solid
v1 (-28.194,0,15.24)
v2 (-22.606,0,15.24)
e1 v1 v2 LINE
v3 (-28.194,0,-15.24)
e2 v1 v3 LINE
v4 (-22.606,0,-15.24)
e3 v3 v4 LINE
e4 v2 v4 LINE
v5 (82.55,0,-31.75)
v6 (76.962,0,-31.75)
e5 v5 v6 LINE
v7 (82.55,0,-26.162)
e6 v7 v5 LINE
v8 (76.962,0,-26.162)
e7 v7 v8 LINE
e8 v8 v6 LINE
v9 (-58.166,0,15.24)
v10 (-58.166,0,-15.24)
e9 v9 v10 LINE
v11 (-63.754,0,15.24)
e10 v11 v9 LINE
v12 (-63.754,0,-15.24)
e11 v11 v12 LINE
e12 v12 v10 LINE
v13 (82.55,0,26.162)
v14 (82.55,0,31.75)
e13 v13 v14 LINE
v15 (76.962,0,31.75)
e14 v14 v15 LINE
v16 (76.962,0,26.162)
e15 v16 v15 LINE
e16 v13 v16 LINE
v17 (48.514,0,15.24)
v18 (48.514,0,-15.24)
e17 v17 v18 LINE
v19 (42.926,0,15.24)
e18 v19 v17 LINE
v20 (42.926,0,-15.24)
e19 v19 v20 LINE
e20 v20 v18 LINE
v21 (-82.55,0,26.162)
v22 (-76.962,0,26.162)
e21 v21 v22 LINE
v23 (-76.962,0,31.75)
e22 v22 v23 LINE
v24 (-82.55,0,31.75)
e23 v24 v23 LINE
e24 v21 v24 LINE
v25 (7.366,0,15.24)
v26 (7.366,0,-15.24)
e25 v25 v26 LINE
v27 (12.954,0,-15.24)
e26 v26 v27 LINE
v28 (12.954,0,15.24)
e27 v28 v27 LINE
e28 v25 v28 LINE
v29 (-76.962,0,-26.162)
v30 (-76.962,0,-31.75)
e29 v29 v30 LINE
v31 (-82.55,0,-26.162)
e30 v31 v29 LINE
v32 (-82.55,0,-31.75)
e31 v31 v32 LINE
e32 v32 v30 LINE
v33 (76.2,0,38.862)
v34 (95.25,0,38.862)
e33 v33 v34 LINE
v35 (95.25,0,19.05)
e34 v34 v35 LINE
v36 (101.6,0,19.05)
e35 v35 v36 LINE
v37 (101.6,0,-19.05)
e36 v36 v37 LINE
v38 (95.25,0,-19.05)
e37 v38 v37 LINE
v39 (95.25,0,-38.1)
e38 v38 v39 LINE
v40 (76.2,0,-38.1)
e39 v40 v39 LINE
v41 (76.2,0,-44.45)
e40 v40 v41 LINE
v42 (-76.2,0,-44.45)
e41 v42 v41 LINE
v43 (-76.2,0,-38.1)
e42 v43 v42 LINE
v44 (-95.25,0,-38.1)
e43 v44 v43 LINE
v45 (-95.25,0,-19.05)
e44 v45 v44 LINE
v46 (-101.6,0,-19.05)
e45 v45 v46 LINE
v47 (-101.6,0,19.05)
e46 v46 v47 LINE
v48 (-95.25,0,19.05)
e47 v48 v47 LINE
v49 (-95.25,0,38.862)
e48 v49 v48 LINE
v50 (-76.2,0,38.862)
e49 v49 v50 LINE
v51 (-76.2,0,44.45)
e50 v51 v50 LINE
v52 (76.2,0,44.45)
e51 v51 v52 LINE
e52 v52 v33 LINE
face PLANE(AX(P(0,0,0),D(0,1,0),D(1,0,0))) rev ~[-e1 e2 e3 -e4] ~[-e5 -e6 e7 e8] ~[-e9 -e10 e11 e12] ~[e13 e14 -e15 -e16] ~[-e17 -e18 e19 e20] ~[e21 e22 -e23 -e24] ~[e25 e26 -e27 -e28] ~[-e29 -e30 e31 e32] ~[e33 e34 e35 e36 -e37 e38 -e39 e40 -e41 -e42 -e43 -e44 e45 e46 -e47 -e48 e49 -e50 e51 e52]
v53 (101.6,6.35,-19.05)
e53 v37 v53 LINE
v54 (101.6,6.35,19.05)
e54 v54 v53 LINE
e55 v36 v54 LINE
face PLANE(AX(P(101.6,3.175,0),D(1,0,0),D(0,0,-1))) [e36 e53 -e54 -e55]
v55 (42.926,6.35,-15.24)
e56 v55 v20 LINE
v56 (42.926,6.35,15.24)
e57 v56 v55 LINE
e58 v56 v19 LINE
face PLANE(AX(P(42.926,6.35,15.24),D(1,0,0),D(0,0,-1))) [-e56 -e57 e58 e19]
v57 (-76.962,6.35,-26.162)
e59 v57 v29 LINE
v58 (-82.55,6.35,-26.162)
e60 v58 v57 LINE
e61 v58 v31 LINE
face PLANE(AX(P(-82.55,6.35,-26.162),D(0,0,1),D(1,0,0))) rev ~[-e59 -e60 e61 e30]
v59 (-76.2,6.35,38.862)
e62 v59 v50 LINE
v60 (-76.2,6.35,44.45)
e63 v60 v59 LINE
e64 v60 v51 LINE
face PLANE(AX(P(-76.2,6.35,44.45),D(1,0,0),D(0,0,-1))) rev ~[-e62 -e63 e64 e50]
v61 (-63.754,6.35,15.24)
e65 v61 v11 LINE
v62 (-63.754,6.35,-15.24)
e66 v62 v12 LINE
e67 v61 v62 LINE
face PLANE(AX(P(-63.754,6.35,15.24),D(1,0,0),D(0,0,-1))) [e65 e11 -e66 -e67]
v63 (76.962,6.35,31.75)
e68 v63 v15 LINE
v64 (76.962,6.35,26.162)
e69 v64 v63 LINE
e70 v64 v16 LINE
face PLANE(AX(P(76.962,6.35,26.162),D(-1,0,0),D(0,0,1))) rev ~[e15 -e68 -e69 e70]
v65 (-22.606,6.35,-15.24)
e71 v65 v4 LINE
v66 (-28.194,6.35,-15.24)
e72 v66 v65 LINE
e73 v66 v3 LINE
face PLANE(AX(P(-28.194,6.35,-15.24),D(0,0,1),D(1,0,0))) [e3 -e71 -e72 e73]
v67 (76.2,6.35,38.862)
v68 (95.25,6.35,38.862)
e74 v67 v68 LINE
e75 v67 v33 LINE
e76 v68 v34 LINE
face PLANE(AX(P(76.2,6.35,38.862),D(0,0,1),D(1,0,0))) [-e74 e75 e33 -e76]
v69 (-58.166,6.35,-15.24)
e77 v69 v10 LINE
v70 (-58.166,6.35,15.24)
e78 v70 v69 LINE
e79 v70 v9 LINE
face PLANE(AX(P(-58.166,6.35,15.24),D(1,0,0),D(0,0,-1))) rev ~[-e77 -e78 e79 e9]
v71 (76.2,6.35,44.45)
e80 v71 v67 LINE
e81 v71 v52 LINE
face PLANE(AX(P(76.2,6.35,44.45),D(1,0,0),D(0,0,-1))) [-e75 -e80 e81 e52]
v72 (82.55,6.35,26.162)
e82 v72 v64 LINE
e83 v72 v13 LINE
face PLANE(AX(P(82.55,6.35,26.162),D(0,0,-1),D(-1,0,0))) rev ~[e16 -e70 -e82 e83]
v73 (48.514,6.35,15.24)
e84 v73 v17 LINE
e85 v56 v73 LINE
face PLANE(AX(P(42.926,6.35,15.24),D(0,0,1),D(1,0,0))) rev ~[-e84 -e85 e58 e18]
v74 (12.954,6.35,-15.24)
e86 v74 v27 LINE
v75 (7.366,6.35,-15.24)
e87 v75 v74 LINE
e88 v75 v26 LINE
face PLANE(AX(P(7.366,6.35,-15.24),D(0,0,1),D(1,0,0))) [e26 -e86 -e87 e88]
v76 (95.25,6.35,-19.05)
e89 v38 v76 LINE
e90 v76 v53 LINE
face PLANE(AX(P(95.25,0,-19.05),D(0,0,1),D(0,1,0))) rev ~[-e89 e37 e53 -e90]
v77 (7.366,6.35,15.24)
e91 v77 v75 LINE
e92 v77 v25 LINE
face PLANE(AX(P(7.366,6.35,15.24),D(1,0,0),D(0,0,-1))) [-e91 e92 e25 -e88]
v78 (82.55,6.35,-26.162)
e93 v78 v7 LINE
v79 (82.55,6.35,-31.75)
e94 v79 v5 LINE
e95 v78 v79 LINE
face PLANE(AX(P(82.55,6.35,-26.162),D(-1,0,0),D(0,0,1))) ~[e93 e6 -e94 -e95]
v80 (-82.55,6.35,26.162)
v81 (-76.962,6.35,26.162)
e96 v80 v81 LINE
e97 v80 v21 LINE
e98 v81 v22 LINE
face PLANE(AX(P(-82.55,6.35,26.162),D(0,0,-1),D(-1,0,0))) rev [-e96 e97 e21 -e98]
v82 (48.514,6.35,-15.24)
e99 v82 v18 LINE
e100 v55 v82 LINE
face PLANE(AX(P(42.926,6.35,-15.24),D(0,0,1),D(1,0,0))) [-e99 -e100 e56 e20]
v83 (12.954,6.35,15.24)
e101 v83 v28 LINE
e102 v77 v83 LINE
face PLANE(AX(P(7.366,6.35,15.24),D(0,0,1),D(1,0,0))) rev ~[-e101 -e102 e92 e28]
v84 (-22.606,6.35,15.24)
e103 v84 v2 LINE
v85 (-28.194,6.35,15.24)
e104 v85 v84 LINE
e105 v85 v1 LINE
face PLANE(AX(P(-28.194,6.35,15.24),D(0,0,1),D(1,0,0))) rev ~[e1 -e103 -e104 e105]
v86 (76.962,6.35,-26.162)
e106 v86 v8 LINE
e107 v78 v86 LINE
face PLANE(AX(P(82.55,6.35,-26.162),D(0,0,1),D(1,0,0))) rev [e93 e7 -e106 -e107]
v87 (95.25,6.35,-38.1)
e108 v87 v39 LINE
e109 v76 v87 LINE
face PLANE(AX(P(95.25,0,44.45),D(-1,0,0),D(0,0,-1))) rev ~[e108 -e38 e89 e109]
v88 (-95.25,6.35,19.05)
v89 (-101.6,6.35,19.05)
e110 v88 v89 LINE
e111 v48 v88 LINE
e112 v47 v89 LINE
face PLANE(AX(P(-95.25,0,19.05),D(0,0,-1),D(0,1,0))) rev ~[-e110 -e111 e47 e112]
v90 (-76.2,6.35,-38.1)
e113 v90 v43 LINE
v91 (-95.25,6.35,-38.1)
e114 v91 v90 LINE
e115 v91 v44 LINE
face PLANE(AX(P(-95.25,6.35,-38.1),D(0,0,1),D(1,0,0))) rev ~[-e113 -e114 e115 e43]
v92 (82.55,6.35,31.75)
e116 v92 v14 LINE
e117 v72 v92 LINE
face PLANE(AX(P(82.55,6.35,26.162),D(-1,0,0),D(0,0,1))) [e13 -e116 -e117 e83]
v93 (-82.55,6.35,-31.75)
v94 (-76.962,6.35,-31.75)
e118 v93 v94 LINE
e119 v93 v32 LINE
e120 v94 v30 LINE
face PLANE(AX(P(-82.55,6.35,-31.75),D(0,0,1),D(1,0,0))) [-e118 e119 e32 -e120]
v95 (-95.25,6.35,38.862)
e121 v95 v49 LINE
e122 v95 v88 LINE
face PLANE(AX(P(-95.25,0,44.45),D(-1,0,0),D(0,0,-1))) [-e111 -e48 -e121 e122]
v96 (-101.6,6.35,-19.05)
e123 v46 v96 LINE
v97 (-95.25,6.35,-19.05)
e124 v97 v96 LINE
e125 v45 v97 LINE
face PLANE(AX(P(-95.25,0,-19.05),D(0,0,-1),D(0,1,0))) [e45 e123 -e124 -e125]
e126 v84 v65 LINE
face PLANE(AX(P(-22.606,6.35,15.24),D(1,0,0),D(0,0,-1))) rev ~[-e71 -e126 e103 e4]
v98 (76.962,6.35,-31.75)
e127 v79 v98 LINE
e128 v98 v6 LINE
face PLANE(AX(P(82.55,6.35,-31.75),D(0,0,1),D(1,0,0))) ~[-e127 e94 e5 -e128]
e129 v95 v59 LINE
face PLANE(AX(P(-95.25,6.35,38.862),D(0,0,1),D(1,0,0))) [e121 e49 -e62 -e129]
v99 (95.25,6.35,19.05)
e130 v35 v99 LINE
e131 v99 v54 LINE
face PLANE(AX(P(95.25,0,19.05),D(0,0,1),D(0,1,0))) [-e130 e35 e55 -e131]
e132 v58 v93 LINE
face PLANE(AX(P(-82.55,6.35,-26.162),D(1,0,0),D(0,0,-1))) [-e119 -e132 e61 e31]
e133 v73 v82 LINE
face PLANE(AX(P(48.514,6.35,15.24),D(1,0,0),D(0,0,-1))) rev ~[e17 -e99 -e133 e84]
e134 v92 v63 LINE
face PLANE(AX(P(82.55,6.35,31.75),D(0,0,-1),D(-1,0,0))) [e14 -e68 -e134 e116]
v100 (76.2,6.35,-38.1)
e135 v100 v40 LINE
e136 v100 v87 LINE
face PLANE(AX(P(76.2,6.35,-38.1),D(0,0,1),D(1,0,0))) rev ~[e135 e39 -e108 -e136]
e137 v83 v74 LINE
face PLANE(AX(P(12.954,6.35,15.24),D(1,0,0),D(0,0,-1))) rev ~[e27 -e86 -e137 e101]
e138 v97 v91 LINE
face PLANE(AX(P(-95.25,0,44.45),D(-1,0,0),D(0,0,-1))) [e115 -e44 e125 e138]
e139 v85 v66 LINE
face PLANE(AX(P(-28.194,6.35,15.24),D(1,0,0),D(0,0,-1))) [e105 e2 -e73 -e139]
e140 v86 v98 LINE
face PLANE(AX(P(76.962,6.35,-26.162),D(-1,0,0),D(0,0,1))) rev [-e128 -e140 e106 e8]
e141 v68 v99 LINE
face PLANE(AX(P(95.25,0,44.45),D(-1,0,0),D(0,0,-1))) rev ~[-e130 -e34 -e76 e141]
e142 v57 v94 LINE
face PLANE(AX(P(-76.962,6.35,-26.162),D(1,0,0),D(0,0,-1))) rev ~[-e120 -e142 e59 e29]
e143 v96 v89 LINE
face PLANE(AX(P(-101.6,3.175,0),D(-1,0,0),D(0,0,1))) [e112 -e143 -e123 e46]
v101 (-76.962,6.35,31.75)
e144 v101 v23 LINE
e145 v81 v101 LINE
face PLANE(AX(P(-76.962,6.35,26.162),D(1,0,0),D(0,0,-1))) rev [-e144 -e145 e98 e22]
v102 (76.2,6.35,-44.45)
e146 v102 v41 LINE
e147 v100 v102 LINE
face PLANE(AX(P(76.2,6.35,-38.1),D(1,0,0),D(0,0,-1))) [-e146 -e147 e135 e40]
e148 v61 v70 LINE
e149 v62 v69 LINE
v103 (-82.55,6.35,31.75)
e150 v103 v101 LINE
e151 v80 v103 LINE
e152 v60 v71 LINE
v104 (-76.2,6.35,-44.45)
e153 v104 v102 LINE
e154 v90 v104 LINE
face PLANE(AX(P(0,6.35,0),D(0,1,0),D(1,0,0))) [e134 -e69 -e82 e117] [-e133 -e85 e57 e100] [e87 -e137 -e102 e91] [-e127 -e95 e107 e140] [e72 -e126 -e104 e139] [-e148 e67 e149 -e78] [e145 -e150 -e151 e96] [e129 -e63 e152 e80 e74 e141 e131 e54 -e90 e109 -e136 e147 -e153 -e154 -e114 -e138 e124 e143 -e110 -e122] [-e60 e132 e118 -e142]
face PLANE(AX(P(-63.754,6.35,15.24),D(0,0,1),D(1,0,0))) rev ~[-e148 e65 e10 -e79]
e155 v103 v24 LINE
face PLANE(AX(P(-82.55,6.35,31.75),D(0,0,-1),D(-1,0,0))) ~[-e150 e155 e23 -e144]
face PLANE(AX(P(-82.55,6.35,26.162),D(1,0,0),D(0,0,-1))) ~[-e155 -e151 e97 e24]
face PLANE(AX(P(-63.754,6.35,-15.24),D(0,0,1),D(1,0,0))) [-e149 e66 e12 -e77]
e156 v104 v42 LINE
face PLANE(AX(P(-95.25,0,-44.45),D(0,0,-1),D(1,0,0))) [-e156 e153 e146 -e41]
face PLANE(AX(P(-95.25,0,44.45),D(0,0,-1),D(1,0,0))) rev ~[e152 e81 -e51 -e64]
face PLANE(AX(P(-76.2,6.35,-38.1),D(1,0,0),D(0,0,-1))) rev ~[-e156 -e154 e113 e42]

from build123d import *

# Parameters (mm, degrees)
SKETCH1_W               = 190.5
SKETCH1_H               = 88.9
BOSS_EXTRUDE1_DEPTH     = 6.35
SKETCH2_W               = 5.588
SKETCH2_H               = 30.48
HOLE_DEPTH              = 6.35
SKETCH3_W               = 38.1
SKETCH3_H               = 6.35
TAB1_DEPTH              = 6.35
SKETCH4_W               = 38.1
SKETCH4_H               = 6.35
TAB2_DEPTH              = 6.35
SKETCH5_W               = 5.588
SKETCH5_H               = 5.588
DOWEL1_DEPTH            = 6.35
MIRROR2_COPY_1_SKETCH_W = 5.588
MIRROR2_COPY_1_SKETCH_H = 5.588
MIRROR2_COPY_1_DEPTH    = 6.35
SKETCH6_W               = 19.05
SKETCH6_H               = 5.588
SKETCH6_H_2             = 6.35
CUT_EXTRUDE1_DEPTH      = 7.35


with BuildPart() as part:
    # Sketch1 → Boss-Extrude1 (new body)
    with BuildSketch(Plane(origin=(0, 0, 0), x_dir=(1, 0, 0), z_dir=(0, 1, 0))):
        Rectangle(SKETCH1_W, SKETCH1_H)
    extrude(amount=BOSS_EXTRUDE1_DEPTH)

    # Sketch2 → hole (cut)
    with BuildSketch(Plane(origin=(0, 6.35, 0), x_dir=(1, 0, 0), z_dir=(0, 1, 0))):
        with Locations((-60.96, 0)):
            Rectangle(SKETCH2_W, SKETCH2_H)
        with Locations((-25.4, 0)):
            Rectangle(SKETCH2_W, SKETCH2_H)
        with Locations((10.16, 0)):
            Rectangle(SKETCH2_W, SKETCH2_H)
        with Locations((45.72, 0)):
            Rectangle(SKETCH2_W, SKETCH2_H)
    extrude(amount=-HOLE_DEPTH, mode=Mode.SUBTRACT)

    # Sketch3 → tab1 (add)
    with BuildSketch(Plane.ZY.offset(95.25)):
        with Locations((0, 3.175)):
            Rectangle(SKETCH3_W, SKETCH3_H)
    extrude(amount=TAB1_DEPTH)

    # Sketch4 → tab2 (add)
    with BuildSketch(Plane(origin=(95.25, 0, 0), x_dir=(0, 0, -1), z_dir=(1, 0, 0))):
        with Locations((0, 3.175)):
            Rectangle(SKETCH4_W, SKETCH4_H)
    extrude(amount=TAB2_DEPTH)

    # Sketch5 → dowel1 (cut)
    with BuildSketch(Plane(origin=(0, 6.35, 0), x_dir=(1, 0, 0), z_dir=(0, 1, 0))):
        with Locations((-79.756, 28.956)):
            Rectangle(SKETCH5_W, SKETCH5_H)
    dowel1 = extrude(amount=-DOWEL1_DEPTH, mode=Mode.SUBTRACT)

    # Mirror1: dowel1 across plane
    add(dowel1.mirror(Plane(origin=(0, 0, 0), x_dir=(0, 0, 1), z_dir=(1, 0, 0))), mode=Mode.SUBTRACT)

    # Mirror2: dowel1 across plane
    add(dowel1.mirror(Plane.XY), mode=Mode.SUBTRACT)

    # Mirror2 copy 1 sketch → Mirror2 copy 1 (cut)
    with BuildSketch(Plane(origin=(0, 6.35, 0), x_dir=(-1, 0, 0), z_dir=(0, 1, 0))):
        with Locations((-79.756, 28.956)):
            Rectangle(MIRROR2_COPY_1_SKETCH_W, MIRROR2_COPY_1_SKETCH_H)
    extrude(amount=-MIRROR2_COPY_1_DEPTH, mode=Mode.SUBTRACT)

    # Sketch6 → Cut-Extrude1 (cut, through all)
    with BuildSketch(Plane(origin=(0, 6.35, 0), x_dir=(1, 0, 0), z_dir=(0, 1, 0))):
        with Locations((-85.725, -41.656)):
            Rectangle(SKETCH6_W, SKETCH6_H)
        with Locations((85.725, -41.656)):
            Rectangle(SKETCH6_W, SKETCH6_H)
        with Locations((-85.725, 41.275)):
            Rectangle(SKETCH6_W, SKETCH6_H_2)
        with Locations((85.725, 41.275)):
            Rectangle(SKETCH6_W, SKETCH6_H_2)
    extrude(amount=-CUT_EXTRUDE1_DEPTH, mode=Mode.SUBTRACT)


solid = part.part
